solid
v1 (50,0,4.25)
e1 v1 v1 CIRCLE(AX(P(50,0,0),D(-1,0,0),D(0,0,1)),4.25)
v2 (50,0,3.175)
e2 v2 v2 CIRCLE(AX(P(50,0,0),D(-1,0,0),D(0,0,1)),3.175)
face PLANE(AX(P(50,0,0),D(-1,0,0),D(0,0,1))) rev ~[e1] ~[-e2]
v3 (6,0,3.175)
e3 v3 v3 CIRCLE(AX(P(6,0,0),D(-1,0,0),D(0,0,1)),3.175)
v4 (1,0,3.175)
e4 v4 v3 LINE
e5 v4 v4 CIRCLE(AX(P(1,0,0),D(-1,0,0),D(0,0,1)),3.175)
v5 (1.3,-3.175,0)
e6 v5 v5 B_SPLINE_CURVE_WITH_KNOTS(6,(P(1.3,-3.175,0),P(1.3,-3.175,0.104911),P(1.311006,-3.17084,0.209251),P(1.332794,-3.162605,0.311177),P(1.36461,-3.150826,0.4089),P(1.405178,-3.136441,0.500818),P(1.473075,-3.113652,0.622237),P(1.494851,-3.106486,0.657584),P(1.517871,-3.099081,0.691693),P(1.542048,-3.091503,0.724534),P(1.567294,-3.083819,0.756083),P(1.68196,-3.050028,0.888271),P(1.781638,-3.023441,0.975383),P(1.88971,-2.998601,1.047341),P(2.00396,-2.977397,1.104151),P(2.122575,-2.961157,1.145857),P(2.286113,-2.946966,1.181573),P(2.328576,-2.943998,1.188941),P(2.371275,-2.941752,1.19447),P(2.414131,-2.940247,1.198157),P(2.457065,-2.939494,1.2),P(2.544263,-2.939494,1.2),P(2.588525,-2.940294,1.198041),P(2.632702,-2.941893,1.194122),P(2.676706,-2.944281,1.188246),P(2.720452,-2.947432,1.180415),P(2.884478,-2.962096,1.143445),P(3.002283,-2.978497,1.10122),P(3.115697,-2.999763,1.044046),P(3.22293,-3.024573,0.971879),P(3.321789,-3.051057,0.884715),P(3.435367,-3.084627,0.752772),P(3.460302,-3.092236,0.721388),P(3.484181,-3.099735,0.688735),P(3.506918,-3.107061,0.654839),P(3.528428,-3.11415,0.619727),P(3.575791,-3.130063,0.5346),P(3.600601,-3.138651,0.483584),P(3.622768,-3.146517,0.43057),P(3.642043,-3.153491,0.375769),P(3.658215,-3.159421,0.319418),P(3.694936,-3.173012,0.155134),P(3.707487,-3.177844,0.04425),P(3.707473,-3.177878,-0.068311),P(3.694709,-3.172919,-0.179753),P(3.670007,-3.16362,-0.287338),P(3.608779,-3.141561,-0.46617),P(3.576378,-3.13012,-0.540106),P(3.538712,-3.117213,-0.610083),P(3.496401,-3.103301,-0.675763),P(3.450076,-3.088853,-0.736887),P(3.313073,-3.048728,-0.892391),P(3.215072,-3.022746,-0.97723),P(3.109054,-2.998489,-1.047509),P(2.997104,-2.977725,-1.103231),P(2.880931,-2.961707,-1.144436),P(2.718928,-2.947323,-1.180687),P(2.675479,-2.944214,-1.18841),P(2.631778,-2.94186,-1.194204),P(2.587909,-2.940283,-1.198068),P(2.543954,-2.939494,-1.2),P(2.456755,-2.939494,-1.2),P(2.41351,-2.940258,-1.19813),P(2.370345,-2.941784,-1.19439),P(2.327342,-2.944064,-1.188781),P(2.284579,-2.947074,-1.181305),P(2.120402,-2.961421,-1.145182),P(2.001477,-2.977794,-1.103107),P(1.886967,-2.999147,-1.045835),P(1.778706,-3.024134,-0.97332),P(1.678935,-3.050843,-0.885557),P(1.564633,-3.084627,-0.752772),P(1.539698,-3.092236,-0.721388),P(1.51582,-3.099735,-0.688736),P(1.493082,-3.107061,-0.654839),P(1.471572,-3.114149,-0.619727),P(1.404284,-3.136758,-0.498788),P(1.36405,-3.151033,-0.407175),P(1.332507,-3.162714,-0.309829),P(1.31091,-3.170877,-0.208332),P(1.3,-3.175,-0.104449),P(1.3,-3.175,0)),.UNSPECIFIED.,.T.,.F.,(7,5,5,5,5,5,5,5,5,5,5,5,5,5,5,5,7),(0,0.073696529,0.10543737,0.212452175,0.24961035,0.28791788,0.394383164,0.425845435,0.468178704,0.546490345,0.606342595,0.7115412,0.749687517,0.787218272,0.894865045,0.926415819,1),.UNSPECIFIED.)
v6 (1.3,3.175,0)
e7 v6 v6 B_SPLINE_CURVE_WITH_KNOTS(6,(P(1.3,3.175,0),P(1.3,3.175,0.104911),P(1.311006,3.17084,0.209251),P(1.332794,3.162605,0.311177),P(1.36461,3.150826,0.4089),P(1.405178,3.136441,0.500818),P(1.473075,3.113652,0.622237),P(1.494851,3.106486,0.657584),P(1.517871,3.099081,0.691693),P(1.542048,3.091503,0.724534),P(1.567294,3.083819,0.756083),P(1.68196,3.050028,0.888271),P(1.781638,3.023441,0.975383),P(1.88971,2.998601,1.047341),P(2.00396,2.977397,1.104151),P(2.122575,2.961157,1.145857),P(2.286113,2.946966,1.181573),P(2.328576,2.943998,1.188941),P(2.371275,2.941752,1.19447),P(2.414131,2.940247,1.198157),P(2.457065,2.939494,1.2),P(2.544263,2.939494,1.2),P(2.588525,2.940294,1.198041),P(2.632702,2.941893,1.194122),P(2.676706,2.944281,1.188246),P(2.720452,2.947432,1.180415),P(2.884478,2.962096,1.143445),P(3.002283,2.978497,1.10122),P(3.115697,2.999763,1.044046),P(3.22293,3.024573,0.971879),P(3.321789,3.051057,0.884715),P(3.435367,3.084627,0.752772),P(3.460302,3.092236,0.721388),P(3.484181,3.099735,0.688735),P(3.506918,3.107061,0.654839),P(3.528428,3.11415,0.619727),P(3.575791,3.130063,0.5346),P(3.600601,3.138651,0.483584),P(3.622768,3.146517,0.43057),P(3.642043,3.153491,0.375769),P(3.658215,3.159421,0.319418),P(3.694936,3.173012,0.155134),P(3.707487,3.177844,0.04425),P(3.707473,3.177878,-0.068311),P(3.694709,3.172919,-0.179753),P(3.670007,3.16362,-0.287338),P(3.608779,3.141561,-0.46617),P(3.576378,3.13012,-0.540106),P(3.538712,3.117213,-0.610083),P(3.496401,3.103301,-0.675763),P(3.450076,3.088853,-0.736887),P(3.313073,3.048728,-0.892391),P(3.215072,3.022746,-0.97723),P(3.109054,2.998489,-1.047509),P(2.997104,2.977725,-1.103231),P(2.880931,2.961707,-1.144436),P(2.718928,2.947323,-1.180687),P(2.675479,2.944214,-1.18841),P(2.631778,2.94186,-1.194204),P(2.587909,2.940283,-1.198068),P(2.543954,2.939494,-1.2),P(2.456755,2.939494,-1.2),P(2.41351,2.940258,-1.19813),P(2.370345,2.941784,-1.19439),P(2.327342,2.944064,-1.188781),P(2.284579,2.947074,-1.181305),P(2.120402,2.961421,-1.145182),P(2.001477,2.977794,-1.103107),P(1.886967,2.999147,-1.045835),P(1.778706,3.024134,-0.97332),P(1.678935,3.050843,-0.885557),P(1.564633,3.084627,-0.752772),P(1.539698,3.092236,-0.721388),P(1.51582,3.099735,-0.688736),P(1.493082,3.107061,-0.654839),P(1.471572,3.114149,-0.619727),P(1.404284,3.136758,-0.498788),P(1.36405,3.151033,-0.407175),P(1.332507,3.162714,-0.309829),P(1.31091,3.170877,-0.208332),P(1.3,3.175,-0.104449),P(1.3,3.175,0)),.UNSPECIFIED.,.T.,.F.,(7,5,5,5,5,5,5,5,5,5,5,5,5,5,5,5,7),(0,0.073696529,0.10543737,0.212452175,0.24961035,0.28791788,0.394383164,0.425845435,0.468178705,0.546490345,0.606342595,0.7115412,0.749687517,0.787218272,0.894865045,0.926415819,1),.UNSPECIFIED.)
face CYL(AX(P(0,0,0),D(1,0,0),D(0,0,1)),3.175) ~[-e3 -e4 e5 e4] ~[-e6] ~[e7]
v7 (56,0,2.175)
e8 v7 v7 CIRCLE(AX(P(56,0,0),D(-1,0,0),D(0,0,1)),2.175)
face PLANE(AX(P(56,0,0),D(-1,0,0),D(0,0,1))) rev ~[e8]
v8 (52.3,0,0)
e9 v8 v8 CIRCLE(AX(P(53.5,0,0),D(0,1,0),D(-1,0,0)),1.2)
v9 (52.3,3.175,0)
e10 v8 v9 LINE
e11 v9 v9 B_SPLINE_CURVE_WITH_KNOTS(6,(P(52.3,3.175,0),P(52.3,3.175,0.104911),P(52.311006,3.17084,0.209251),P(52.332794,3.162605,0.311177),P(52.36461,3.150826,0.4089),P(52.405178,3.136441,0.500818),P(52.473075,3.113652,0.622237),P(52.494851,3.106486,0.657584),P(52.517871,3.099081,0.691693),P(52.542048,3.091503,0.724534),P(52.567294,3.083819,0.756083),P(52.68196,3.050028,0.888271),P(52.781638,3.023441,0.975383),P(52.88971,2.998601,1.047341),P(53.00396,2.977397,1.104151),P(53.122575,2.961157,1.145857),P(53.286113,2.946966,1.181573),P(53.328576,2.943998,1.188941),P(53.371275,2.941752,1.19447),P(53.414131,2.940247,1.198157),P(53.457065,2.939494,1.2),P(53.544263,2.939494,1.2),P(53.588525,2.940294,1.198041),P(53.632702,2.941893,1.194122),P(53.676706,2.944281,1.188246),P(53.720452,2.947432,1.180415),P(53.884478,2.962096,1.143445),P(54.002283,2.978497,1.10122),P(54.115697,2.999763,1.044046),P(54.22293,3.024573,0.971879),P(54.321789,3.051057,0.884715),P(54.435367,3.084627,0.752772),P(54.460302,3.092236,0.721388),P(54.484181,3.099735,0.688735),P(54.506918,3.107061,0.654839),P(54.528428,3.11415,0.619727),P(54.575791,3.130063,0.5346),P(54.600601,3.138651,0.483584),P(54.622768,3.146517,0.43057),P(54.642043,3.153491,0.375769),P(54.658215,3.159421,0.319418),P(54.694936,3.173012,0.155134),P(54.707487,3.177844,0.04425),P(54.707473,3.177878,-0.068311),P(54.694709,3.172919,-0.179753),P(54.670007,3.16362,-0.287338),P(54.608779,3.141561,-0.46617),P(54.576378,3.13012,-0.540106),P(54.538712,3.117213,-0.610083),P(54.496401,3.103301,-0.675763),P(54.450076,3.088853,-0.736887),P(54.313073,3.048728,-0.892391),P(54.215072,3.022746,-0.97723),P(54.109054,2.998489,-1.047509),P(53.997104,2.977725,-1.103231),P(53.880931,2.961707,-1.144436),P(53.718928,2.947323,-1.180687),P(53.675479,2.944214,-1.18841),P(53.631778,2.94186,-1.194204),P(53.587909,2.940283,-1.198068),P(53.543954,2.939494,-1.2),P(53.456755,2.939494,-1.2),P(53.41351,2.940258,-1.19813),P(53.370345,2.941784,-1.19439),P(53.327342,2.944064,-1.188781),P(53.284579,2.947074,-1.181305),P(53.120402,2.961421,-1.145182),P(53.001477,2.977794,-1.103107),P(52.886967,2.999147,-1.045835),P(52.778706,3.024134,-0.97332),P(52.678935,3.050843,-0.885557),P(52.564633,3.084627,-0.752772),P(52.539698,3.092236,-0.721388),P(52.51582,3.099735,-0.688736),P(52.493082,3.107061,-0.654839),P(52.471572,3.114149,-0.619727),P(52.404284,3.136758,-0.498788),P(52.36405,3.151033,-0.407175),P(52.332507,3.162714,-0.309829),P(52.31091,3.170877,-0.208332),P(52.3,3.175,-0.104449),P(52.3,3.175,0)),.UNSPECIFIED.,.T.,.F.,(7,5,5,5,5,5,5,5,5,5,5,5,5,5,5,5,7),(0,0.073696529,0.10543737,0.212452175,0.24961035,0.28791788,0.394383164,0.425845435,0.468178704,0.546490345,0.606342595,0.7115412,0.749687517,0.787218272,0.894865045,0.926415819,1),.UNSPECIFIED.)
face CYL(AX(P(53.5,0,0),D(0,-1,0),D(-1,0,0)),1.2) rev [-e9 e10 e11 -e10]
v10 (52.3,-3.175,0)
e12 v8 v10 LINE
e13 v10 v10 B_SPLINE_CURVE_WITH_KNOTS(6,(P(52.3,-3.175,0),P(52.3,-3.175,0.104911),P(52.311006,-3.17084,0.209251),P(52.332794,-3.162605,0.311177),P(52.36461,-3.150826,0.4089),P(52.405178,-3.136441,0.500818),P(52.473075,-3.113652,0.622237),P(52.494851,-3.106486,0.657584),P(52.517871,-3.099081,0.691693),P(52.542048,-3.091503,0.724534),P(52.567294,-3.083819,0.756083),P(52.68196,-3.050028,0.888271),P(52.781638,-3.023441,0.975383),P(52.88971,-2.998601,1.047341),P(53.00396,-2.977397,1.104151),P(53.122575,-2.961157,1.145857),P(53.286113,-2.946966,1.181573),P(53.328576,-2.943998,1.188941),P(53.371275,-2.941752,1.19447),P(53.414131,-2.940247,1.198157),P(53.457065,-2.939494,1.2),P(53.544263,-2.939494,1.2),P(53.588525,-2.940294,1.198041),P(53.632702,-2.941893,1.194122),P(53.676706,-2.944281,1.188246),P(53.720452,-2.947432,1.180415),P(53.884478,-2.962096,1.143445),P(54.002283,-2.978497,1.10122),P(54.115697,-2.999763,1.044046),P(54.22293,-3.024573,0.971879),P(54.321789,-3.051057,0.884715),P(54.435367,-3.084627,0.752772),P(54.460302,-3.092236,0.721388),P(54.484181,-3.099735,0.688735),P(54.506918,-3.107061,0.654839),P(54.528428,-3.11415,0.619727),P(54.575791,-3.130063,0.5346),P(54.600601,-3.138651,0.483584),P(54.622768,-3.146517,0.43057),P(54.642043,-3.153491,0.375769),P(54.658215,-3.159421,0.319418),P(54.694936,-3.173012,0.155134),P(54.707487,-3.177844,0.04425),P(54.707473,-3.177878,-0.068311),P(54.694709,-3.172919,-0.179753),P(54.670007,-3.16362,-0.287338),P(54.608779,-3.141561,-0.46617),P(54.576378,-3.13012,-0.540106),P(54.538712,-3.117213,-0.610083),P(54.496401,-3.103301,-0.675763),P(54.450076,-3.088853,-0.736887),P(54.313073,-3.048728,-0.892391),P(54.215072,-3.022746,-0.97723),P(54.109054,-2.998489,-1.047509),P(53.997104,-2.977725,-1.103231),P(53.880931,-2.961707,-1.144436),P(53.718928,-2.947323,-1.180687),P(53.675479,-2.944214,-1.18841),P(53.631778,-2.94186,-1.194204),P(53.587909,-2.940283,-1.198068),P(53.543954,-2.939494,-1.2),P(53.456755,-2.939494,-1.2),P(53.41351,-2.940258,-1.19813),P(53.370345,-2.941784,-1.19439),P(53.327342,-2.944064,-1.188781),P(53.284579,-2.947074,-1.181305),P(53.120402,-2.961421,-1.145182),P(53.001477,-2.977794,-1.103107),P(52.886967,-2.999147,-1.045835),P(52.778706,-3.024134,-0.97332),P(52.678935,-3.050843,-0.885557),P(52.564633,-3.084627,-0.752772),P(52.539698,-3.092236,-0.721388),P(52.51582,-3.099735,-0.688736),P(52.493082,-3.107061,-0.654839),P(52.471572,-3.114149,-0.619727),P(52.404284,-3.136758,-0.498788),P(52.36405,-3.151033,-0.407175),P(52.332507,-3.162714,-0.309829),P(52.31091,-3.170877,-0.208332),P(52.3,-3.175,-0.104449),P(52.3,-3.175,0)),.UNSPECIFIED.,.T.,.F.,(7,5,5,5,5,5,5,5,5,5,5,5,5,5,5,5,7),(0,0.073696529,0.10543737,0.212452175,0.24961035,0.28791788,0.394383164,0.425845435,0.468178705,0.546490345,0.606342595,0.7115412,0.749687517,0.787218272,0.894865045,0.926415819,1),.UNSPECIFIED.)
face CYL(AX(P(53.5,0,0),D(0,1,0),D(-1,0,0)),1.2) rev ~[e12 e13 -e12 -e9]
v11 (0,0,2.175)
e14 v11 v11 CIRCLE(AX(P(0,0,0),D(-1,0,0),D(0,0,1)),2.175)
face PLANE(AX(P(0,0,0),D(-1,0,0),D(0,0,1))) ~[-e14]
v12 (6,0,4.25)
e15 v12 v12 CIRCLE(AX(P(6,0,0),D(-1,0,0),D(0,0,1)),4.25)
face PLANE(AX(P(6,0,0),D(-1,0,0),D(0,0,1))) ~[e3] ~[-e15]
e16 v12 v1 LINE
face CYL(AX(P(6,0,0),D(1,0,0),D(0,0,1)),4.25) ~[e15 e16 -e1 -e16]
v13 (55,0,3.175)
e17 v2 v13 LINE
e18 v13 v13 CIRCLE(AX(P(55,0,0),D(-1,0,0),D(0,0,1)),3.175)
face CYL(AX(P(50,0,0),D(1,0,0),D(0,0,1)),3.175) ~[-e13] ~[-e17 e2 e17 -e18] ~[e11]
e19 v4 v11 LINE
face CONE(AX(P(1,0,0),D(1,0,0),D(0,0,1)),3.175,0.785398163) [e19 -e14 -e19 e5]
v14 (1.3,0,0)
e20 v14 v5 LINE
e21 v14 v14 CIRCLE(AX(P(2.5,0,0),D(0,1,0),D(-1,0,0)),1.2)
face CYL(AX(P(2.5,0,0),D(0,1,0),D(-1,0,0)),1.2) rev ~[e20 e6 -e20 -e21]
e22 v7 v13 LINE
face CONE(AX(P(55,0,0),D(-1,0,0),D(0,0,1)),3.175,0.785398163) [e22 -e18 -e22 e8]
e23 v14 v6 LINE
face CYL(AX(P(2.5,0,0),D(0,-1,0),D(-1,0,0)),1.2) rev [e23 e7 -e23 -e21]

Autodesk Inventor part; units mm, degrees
ref_plane "YZ Plane" through (0, 0, 0) normal (1, 0, 0) x (0, 1, 0)
ref_plane "XZ Plane" through (0, 0, 0) normal (0, 1, 0) x (-1, 0, 0)
sketch "Sketch1" plane through (0, 0, 0) normal (0, 1, 0) x (-1, 0, 0)
  line L0 (0, 0) -> (0, 3.175)
  line L1 (0, 3.175) -> (-6, 3.175)
  line L2 (-6, 3.175) -> (-6, 4.25)
  line L3 (-6, 4.25) -> (-50, 4.25)
  line L4 (-50, 4.25) -> (-50, 3.175)
  line L5 (-50, 3.175) -> (-56, 3.175)
  line L6 (-56, 3.175) -> (-56, 0)
  line L7 (-56, 0) -> (0, 0)
  dimension "d0" = 56
  dimension "d1" = 6
  dimension "d2" = 6
  dimension "d3" = 4.25
  dimension "d4" = 3.175
revolve "Revolution1" add sketch "Sketch1" angle 360 about axis through (56, 0, 0) along (-1, 0, 0)
chamfer "Chamfer1" distance 1 angle 45 2 edges at (0, 0, -3.175) (56, 0, -3.175)
sketch "Sketch2" plane through (0, 0, 0) normal (0, 1, 0) x (-1, 0, 0)
  circle A0 centre (-2.5, 0) radius 1.2
  line L0 (0, 2.175) -> (0, -2.175) projected
  circle A1 centre (-53.5, 0) radius 1.2
  line L1 (-56, -2.175) -> (-56, 2.175) projected
  point P0 (0, 0)
  point P1 (0, 0)
  point P2 (-56, 0)
  dimension "d9" = 2.4
  dimension "d10" = 2.5
  dimension "d11" = 2.4
  dimension "d12" = 2.5
extrude "Extrusion1" cut sketch "Sketch2" along normal mid plane 10
ref_plane "Work Plane1" through (28, 0, 0) normal (-1, 0, 0) x (0, 0, 1)
properties part number "Cannon Pin" material "Iron, Cast"
